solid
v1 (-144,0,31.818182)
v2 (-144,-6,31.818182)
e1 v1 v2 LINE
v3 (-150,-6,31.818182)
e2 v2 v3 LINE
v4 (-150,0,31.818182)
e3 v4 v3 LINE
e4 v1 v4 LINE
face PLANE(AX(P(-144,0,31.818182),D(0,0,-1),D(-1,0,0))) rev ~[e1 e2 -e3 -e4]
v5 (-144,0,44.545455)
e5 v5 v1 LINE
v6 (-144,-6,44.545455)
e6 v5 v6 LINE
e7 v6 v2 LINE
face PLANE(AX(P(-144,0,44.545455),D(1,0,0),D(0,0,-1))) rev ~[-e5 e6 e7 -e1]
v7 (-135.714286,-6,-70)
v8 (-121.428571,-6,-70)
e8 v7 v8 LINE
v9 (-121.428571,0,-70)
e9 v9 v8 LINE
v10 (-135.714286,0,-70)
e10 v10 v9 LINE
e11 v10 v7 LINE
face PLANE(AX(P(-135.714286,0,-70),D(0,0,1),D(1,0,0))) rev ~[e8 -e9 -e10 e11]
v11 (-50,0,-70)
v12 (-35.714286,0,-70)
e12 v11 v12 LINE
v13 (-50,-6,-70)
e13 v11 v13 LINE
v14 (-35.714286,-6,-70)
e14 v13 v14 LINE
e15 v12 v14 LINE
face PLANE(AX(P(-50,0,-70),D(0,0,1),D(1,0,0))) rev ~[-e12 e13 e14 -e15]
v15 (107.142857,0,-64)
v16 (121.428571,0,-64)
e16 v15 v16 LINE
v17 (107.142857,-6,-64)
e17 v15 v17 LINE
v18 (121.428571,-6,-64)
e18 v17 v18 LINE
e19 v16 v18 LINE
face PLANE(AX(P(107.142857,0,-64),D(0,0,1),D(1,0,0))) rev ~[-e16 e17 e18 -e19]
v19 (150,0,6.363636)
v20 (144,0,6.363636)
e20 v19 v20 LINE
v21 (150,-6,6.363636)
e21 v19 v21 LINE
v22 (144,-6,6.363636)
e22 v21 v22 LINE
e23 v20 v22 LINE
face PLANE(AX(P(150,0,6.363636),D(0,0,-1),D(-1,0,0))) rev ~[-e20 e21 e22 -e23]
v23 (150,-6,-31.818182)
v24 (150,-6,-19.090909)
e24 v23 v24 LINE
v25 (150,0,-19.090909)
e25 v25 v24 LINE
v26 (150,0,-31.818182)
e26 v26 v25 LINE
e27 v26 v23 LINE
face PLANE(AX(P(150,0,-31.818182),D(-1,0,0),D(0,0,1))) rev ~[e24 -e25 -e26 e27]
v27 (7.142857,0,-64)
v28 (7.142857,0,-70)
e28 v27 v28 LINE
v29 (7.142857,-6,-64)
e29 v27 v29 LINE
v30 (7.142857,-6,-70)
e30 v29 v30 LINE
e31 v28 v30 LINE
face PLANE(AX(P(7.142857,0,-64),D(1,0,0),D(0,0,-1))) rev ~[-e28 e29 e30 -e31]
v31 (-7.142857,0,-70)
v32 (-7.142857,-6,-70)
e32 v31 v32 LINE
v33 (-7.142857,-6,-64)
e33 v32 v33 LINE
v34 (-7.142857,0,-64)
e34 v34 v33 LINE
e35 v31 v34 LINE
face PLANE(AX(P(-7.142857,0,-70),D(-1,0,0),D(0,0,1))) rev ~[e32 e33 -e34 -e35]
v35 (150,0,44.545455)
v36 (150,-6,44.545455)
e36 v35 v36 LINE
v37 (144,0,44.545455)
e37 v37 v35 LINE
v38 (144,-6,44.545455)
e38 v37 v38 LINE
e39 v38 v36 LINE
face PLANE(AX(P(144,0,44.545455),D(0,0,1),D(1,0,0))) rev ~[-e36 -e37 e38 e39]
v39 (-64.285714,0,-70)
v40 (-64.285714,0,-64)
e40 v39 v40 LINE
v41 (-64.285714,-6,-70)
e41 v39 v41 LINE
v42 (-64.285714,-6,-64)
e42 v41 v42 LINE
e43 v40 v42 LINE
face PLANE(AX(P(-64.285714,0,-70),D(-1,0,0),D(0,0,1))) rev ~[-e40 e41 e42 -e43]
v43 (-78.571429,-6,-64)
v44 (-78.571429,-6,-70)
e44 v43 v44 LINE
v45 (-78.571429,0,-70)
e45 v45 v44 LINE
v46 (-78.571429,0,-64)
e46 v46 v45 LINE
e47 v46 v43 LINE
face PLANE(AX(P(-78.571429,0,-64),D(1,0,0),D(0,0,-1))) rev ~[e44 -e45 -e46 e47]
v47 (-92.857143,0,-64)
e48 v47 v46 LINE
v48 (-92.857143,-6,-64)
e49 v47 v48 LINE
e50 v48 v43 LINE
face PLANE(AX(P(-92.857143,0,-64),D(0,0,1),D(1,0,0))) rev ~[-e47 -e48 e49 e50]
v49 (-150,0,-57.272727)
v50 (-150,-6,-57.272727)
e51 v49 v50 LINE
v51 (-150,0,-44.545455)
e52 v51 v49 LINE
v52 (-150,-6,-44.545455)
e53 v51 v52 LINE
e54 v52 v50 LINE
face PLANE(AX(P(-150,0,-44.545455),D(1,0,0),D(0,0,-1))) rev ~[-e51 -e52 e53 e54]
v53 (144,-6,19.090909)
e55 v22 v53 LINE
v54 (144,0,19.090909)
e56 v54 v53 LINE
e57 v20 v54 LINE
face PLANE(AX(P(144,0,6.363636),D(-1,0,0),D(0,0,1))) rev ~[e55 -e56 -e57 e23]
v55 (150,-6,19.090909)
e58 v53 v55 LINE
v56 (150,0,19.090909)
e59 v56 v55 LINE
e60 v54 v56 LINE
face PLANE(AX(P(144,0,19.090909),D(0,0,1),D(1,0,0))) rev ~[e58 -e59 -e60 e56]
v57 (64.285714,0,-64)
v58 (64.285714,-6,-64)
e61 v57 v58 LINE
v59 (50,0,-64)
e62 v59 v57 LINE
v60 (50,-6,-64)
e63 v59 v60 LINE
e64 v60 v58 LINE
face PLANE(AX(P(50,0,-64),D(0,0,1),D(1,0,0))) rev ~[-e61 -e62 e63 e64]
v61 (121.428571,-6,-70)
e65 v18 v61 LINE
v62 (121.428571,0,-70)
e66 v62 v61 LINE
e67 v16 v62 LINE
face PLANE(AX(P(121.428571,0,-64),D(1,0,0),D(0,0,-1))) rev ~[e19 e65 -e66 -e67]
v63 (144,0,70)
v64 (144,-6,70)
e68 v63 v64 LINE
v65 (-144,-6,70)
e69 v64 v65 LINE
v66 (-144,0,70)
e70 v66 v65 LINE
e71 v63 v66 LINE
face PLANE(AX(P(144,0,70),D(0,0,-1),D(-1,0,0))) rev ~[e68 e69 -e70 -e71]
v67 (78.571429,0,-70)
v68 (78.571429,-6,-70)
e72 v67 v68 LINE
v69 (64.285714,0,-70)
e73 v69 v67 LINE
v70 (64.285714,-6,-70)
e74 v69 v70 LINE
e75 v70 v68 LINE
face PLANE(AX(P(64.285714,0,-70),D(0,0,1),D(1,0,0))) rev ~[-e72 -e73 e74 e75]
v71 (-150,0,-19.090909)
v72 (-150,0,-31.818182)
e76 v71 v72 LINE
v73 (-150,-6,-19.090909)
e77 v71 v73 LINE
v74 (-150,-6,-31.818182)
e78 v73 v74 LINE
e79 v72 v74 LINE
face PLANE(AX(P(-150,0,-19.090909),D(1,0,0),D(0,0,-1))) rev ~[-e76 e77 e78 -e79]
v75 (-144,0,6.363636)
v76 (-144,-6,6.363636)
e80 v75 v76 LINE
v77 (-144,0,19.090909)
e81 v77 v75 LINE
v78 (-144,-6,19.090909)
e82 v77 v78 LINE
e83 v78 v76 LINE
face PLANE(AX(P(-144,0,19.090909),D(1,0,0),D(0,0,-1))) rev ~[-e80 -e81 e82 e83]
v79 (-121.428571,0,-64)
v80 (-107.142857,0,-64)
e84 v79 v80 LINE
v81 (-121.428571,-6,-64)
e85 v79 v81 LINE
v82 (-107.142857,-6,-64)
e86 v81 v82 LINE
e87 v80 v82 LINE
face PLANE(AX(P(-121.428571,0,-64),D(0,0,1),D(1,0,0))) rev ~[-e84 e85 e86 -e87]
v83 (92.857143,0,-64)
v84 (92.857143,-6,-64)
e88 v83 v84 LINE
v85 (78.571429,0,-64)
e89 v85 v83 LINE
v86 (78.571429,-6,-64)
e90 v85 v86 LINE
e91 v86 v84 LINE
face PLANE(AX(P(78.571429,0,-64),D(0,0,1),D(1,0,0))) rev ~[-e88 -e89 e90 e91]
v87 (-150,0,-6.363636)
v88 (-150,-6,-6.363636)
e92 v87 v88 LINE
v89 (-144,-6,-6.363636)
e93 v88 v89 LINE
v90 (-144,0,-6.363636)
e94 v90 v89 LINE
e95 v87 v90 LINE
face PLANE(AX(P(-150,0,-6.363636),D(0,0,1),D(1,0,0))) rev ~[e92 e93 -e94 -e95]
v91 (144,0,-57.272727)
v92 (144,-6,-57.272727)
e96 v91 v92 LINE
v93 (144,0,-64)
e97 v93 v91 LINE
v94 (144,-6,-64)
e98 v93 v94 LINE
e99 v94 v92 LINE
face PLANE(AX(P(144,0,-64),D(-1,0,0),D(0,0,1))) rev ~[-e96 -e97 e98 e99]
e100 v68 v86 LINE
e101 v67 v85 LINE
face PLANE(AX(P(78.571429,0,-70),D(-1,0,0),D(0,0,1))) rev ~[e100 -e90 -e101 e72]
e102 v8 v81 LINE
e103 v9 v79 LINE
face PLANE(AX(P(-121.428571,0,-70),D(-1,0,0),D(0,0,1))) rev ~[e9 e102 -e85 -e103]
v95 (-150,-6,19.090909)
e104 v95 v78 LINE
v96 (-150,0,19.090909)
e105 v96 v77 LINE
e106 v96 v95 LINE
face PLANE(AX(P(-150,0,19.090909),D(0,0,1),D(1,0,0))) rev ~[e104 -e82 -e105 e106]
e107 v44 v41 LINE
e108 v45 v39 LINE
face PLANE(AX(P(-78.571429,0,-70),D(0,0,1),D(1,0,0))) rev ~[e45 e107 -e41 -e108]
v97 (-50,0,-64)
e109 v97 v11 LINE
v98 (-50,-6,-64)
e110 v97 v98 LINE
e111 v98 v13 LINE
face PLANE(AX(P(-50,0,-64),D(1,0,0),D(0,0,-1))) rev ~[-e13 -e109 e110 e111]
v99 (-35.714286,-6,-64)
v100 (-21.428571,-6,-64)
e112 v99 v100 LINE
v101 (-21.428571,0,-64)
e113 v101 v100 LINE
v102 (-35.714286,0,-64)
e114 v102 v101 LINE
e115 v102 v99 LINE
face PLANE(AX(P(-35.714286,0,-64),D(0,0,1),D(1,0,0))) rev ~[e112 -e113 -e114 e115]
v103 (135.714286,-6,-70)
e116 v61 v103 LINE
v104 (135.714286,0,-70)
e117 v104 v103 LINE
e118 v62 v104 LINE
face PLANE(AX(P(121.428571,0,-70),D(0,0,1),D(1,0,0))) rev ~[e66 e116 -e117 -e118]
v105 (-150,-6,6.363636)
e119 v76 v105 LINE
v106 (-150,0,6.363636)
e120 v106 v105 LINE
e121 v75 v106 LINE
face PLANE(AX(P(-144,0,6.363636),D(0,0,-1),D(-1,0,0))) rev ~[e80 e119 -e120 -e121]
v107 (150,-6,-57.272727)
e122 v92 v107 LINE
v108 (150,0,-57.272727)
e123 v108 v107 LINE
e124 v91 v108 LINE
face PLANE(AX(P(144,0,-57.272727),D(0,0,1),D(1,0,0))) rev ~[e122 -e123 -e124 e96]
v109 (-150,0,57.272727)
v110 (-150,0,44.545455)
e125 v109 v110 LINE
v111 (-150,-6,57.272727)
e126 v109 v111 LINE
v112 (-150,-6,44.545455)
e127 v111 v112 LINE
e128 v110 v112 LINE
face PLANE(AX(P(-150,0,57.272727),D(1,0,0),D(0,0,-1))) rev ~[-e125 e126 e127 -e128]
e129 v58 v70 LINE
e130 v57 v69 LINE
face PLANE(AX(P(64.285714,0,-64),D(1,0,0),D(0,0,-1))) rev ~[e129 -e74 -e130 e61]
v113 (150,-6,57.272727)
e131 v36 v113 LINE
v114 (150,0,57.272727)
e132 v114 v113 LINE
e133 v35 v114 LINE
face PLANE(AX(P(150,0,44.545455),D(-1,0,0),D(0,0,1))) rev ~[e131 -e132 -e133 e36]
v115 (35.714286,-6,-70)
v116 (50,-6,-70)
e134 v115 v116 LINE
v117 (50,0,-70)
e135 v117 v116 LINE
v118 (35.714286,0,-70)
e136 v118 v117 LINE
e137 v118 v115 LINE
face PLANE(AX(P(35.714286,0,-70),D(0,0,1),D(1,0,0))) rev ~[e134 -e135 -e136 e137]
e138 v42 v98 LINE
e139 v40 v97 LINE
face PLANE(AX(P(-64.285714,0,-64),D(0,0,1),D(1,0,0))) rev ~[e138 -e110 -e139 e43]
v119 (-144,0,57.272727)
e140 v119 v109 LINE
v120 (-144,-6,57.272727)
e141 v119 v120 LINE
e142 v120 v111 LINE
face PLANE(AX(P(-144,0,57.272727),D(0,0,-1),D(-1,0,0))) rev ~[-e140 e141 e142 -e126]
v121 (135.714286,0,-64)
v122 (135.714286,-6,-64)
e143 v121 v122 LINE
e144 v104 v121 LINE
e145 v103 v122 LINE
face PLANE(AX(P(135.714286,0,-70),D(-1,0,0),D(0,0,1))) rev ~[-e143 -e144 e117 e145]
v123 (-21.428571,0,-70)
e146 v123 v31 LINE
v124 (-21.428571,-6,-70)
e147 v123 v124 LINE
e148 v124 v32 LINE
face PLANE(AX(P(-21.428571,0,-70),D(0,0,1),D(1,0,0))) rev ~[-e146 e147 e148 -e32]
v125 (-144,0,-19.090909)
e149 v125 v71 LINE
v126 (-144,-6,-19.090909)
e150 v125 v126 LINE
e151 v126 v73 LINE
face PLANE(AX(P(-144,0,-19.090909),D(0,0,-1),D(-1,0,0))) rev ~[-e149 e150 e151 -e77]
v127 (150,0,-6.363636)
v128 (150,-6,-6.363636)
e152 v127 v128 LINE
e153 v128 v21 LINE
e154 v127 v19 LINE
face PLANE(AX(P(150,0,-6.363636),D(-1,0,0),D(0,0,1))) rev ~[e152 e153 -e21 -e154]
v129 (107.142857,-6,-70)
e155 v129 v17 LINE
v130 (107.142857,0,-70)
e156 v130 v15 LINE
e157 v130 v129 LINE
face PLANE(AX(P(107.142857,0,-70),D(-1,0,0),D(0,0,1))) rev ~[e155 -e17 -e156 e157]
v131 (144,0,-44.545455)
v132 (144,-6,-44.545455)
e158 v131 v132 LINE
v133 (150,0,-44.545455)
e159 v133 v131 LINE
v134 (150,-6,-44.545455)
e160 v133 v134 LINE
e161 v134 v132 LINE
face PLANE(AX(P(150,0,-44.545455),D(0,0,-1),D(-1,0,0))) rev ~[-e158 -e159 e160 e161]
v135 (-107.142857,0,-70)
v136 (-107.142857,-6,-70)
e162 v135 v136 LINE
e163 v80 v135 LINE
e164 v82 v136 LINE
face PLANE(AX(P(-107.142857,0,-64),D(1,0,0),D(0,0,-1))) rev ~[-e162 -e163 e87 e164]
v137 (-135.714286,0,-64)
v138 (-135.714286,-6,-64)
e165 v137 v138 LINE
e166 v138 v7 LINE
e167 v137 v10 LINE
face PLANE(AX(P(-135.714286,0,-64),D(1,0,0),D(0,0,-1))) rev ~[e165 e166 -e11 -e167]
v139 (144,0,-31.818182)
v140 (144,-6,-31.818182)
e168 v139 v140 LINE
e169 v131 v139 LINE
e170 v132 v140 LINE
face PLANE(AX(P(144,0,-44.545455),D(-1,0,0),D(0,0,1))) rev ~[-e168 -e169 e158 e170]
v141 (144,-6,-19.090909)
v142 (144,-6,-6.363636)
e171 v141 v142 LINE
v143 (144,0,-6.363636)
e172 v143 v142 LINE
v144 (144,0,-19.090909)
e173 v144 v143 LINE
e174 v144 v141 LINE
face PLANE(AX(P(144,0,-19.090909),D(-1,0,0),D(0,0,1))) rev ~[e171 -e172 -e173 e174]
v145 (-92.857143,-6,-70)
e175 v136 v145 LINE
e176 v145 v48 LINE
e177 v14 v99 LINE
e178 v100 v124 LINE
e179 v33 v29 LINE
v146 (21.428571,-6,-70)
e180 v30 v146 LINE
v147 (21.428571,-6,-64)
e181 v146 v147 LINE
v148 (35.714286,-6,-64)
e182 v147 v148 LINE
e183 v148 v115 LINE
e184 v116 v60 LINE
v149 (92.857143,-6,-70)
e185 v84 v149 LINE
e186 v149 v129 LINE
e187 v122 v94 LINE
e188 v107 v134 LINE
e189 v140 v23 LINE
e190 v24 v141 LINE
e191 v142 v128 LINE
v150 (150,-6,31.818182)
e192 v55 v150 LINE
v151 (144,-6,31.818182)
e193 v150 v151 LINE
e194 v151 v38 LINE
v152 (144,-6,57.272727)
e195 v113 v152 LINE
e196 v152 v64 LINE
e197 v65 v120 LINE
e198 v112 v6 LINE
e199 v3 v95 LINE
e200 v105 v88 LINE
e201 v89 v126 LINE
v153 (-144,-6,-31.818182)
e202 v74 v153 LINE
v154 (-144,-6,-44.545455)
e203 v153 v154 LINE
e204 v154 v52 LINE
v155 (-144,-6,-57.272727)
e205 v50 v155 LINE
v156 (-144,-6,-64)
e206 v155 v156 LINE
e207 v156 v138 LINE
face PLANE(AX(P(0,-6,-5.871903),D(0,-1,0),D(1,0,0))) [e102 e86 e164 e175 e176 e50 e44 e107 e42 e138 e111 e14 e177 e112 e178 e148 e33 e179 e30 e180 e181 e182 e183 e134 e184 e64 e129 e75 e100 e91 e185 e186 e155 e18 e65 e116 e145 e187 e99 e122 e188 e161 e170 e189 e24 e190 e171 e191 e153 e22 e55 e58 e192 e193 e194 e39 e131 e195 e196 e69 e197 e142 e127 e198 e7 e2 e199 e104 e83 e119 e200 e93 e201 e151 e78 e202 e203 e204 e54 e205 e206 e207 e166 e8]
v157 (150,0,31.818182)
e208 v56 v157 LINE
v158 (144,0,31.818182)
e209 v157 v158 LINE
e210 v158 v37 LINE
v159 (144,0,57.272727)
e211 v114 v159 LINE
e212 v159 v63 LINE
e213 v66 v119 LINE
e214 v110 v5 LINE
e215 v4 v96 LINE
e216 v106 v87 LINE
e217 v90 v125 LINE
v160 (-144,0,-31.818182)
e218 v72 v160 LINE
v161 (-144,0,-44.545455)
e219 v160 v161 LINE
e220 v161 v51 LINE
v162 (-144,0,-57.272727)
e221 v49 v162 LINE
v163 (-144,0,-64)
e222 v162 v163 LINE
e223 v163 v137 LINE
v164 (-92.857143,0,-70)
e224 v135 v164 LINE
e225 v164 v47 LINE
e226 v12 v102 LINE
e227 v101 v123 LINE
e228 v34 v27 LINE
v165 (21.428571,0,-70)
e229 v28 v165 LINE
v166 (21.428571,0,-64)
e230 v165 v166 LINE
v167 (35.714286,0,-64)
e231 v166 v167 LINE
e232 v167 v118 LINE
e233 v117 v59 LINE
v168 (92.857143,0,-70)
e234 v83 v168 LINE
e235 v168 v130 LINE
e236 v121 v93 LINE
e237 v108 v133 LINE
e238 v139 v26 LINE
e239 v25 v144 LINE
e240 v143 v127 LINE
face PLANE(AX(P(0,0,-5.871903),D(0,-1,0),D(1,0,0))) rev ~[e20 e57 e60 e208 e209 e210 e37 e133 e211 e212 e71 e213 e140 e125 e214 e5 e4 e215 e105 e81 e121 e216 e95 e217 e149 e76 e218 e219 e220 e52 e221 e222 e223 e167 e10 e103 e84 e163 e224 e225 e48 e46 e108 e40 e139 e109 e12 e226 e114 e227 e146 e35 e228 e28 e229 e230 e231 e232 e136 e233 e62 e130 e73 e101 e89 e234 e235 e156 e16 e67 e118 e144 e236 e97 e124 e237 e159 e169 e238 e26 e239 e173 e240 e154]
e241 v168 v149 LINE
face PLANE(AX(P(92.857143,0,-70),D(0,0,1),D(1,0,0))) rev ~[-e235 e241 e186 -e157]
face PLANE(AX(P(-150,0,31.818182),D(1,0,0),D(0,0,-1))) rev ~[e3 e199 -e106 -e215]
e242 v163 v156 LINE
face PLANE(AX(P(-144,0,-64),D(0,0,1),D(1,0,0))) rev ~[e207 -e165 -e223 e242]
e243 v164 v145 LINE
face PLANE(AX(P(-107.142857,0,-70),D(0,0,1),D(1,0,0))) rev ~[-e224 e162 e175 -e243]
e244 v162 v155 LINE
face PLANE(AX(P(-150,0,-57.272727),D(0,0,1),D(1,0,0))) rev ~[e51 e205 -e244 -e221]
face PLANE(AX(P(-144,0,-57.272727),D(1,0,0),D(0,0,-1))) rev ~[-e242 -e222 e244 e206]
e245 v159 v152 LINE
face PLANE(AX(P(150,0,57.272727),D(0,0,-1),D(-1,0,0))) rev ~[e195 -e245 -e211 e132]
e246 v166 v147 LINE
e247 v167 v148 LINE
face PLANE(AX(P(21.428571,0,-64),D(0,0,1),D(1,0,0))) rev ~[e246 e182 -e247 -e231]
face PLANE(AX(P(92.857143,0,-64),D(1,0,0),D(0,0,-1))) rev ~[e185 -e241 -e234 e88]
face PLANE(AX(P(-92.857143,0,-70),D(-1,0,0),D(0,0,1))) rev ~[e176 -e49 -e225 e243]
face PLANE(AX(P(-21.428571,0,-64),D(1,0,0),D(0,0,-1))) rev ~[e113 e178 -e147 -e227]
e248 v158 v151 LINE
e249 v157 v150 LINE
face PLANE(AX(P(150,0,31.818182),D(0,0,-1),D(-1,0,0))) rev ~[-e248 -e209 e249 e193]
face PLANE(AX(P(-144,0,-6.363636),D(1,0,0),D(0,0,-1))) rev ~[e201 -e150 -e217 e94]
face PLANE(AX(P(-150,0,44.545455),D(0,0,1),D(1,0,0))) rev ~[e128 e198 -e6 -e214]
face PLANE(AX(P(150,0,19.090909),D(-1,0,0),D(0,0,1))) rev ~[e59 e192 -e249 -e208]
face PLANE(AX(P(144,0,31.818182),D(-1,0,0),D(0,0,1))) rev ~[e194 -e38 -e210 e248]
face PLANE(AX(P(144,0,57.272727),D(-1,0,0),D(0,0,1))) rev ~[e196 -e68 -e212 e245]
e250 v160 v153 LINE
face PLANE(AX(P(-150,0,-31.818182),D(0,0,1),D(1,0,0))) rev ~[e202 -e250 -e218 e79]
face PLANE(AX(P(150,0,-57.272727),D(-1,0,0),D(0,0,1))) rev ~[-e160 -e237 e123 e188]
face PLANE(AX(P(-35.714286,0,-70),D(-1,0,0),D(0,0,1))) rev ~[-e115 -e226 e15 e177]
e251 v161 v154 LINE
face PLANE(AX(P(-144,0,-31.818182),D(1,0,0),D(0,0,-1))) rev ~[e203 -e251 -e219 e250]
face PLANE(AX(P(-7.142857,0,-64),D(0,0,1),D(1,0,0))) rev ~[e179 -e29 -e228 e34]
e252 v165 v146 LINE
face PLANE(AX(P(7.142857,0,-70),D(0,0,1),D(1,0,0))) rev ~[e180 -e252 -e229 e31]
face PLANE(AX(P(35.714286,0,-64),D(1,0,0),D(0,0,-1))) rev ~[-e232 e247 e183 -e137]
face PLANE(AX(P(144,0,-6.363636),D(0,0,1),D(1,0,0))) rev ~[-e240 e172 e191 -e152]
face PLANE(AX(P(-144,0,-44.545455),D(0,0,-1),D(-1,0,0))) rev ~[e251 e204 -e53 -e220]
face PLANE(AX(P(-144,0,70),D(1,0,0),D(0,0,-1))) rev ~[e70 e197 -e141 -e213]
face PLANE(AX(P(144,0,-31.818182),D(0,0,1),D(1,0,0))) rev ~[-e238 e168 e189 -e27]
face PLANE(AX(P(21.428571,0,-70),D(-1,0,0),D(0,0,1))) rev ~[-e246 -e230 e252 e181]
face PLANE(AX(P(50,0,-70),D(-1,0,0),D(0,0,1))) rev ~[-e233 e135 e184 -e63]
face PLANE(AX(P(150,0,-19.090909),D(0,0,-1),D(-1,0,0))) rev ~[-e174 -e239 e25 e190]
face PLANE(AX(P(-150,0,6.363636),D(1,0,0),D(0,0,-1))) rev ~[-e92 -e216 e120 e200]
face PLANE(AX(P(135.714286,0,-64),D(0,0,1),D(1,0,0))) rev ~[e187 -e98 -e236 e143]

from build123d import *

# Parameters (mm, degrees)
F1_DEPTH = 6


with BuildPart() as f1:
    # F0 (on Front) → F1 (new body)
    with BuildSketch(Plane.XZ):
        Polygon((144, 57.272727), (144, 70), (-144, 70), (-144, 57.272727), (-150, 57.272727), (-150, 44.545455), (-144, 44.545455), (-144, 37.818182), (-144, 31.818182), (-150, 31.818182), (-150, 19.090909), (-144, 19.090909), (-144, 12.363636), (-144, 6.363636), (-150, 6.363636), (-150, -6.363636), (-144, -6.363636), (-144, -13.090909), (-144, -19.090909), (-150, -19.090909), (-150, -31.818182), (-144, -31.818182), (-144, -38.545455), (-144, -44.545455), (-150, -44.545455), (-150, -57.272727), (-144, -57.272727), (-144, -64), (-135.714286, -64), (-135.714286, -70), (-121.428571, -70), (-121.428571, -64), (-107.142857, -64), (-107.142857, -70), (-92.857143, -70), (-92.857143, -64), (-78.571429, -64), (-78.571429, -70), (-64.285714, -70), (-64.285714, -64), (-50, -64), (-50, -70), (-35.714286, -70), (-35.714286, -64), (-21.428571, -64), (-21.428571, -70), (-7.142857, -70), (-7.142857, -64), (7.142857, -64), (7.142857, -70), (21.428571, -70), (21.428571, -64), (35.714286, -64), (35.714286, -70), (50, -70), (50, -64), (64.285714, -64), (64.285714, -70), (78.571429, -70), (78.571429, -64), (92.857143, -64), (92.857143, -70), (107.142857, -70), (107.142857, -64), (121.428571, -64), (121.428571, -70), (135.714286, -70), (135.714286, -64), (144, -64), (144, -57.272727), (150, -57.272727), (150, -44.545455), (144, -44.545455), (144, -38.545455), (144, -31.818182), (150, -31.818182), (150, -19.090909), (144, -19.090909), (144, -13.090909), (144, -6.363636), (150, -6.363636), (150, 6.363636), (144, 6.363636), (144, 12.363636), (144, 19.090909), (150, 19.090909), (150, 31.818182), (144, 31.818182), (144, 37.818182), (144, 44.545455), (150, 44.545455), (150, 57.272727), align=None)
    extrude(amount=F1_DEPTH)


solid = f1.part
